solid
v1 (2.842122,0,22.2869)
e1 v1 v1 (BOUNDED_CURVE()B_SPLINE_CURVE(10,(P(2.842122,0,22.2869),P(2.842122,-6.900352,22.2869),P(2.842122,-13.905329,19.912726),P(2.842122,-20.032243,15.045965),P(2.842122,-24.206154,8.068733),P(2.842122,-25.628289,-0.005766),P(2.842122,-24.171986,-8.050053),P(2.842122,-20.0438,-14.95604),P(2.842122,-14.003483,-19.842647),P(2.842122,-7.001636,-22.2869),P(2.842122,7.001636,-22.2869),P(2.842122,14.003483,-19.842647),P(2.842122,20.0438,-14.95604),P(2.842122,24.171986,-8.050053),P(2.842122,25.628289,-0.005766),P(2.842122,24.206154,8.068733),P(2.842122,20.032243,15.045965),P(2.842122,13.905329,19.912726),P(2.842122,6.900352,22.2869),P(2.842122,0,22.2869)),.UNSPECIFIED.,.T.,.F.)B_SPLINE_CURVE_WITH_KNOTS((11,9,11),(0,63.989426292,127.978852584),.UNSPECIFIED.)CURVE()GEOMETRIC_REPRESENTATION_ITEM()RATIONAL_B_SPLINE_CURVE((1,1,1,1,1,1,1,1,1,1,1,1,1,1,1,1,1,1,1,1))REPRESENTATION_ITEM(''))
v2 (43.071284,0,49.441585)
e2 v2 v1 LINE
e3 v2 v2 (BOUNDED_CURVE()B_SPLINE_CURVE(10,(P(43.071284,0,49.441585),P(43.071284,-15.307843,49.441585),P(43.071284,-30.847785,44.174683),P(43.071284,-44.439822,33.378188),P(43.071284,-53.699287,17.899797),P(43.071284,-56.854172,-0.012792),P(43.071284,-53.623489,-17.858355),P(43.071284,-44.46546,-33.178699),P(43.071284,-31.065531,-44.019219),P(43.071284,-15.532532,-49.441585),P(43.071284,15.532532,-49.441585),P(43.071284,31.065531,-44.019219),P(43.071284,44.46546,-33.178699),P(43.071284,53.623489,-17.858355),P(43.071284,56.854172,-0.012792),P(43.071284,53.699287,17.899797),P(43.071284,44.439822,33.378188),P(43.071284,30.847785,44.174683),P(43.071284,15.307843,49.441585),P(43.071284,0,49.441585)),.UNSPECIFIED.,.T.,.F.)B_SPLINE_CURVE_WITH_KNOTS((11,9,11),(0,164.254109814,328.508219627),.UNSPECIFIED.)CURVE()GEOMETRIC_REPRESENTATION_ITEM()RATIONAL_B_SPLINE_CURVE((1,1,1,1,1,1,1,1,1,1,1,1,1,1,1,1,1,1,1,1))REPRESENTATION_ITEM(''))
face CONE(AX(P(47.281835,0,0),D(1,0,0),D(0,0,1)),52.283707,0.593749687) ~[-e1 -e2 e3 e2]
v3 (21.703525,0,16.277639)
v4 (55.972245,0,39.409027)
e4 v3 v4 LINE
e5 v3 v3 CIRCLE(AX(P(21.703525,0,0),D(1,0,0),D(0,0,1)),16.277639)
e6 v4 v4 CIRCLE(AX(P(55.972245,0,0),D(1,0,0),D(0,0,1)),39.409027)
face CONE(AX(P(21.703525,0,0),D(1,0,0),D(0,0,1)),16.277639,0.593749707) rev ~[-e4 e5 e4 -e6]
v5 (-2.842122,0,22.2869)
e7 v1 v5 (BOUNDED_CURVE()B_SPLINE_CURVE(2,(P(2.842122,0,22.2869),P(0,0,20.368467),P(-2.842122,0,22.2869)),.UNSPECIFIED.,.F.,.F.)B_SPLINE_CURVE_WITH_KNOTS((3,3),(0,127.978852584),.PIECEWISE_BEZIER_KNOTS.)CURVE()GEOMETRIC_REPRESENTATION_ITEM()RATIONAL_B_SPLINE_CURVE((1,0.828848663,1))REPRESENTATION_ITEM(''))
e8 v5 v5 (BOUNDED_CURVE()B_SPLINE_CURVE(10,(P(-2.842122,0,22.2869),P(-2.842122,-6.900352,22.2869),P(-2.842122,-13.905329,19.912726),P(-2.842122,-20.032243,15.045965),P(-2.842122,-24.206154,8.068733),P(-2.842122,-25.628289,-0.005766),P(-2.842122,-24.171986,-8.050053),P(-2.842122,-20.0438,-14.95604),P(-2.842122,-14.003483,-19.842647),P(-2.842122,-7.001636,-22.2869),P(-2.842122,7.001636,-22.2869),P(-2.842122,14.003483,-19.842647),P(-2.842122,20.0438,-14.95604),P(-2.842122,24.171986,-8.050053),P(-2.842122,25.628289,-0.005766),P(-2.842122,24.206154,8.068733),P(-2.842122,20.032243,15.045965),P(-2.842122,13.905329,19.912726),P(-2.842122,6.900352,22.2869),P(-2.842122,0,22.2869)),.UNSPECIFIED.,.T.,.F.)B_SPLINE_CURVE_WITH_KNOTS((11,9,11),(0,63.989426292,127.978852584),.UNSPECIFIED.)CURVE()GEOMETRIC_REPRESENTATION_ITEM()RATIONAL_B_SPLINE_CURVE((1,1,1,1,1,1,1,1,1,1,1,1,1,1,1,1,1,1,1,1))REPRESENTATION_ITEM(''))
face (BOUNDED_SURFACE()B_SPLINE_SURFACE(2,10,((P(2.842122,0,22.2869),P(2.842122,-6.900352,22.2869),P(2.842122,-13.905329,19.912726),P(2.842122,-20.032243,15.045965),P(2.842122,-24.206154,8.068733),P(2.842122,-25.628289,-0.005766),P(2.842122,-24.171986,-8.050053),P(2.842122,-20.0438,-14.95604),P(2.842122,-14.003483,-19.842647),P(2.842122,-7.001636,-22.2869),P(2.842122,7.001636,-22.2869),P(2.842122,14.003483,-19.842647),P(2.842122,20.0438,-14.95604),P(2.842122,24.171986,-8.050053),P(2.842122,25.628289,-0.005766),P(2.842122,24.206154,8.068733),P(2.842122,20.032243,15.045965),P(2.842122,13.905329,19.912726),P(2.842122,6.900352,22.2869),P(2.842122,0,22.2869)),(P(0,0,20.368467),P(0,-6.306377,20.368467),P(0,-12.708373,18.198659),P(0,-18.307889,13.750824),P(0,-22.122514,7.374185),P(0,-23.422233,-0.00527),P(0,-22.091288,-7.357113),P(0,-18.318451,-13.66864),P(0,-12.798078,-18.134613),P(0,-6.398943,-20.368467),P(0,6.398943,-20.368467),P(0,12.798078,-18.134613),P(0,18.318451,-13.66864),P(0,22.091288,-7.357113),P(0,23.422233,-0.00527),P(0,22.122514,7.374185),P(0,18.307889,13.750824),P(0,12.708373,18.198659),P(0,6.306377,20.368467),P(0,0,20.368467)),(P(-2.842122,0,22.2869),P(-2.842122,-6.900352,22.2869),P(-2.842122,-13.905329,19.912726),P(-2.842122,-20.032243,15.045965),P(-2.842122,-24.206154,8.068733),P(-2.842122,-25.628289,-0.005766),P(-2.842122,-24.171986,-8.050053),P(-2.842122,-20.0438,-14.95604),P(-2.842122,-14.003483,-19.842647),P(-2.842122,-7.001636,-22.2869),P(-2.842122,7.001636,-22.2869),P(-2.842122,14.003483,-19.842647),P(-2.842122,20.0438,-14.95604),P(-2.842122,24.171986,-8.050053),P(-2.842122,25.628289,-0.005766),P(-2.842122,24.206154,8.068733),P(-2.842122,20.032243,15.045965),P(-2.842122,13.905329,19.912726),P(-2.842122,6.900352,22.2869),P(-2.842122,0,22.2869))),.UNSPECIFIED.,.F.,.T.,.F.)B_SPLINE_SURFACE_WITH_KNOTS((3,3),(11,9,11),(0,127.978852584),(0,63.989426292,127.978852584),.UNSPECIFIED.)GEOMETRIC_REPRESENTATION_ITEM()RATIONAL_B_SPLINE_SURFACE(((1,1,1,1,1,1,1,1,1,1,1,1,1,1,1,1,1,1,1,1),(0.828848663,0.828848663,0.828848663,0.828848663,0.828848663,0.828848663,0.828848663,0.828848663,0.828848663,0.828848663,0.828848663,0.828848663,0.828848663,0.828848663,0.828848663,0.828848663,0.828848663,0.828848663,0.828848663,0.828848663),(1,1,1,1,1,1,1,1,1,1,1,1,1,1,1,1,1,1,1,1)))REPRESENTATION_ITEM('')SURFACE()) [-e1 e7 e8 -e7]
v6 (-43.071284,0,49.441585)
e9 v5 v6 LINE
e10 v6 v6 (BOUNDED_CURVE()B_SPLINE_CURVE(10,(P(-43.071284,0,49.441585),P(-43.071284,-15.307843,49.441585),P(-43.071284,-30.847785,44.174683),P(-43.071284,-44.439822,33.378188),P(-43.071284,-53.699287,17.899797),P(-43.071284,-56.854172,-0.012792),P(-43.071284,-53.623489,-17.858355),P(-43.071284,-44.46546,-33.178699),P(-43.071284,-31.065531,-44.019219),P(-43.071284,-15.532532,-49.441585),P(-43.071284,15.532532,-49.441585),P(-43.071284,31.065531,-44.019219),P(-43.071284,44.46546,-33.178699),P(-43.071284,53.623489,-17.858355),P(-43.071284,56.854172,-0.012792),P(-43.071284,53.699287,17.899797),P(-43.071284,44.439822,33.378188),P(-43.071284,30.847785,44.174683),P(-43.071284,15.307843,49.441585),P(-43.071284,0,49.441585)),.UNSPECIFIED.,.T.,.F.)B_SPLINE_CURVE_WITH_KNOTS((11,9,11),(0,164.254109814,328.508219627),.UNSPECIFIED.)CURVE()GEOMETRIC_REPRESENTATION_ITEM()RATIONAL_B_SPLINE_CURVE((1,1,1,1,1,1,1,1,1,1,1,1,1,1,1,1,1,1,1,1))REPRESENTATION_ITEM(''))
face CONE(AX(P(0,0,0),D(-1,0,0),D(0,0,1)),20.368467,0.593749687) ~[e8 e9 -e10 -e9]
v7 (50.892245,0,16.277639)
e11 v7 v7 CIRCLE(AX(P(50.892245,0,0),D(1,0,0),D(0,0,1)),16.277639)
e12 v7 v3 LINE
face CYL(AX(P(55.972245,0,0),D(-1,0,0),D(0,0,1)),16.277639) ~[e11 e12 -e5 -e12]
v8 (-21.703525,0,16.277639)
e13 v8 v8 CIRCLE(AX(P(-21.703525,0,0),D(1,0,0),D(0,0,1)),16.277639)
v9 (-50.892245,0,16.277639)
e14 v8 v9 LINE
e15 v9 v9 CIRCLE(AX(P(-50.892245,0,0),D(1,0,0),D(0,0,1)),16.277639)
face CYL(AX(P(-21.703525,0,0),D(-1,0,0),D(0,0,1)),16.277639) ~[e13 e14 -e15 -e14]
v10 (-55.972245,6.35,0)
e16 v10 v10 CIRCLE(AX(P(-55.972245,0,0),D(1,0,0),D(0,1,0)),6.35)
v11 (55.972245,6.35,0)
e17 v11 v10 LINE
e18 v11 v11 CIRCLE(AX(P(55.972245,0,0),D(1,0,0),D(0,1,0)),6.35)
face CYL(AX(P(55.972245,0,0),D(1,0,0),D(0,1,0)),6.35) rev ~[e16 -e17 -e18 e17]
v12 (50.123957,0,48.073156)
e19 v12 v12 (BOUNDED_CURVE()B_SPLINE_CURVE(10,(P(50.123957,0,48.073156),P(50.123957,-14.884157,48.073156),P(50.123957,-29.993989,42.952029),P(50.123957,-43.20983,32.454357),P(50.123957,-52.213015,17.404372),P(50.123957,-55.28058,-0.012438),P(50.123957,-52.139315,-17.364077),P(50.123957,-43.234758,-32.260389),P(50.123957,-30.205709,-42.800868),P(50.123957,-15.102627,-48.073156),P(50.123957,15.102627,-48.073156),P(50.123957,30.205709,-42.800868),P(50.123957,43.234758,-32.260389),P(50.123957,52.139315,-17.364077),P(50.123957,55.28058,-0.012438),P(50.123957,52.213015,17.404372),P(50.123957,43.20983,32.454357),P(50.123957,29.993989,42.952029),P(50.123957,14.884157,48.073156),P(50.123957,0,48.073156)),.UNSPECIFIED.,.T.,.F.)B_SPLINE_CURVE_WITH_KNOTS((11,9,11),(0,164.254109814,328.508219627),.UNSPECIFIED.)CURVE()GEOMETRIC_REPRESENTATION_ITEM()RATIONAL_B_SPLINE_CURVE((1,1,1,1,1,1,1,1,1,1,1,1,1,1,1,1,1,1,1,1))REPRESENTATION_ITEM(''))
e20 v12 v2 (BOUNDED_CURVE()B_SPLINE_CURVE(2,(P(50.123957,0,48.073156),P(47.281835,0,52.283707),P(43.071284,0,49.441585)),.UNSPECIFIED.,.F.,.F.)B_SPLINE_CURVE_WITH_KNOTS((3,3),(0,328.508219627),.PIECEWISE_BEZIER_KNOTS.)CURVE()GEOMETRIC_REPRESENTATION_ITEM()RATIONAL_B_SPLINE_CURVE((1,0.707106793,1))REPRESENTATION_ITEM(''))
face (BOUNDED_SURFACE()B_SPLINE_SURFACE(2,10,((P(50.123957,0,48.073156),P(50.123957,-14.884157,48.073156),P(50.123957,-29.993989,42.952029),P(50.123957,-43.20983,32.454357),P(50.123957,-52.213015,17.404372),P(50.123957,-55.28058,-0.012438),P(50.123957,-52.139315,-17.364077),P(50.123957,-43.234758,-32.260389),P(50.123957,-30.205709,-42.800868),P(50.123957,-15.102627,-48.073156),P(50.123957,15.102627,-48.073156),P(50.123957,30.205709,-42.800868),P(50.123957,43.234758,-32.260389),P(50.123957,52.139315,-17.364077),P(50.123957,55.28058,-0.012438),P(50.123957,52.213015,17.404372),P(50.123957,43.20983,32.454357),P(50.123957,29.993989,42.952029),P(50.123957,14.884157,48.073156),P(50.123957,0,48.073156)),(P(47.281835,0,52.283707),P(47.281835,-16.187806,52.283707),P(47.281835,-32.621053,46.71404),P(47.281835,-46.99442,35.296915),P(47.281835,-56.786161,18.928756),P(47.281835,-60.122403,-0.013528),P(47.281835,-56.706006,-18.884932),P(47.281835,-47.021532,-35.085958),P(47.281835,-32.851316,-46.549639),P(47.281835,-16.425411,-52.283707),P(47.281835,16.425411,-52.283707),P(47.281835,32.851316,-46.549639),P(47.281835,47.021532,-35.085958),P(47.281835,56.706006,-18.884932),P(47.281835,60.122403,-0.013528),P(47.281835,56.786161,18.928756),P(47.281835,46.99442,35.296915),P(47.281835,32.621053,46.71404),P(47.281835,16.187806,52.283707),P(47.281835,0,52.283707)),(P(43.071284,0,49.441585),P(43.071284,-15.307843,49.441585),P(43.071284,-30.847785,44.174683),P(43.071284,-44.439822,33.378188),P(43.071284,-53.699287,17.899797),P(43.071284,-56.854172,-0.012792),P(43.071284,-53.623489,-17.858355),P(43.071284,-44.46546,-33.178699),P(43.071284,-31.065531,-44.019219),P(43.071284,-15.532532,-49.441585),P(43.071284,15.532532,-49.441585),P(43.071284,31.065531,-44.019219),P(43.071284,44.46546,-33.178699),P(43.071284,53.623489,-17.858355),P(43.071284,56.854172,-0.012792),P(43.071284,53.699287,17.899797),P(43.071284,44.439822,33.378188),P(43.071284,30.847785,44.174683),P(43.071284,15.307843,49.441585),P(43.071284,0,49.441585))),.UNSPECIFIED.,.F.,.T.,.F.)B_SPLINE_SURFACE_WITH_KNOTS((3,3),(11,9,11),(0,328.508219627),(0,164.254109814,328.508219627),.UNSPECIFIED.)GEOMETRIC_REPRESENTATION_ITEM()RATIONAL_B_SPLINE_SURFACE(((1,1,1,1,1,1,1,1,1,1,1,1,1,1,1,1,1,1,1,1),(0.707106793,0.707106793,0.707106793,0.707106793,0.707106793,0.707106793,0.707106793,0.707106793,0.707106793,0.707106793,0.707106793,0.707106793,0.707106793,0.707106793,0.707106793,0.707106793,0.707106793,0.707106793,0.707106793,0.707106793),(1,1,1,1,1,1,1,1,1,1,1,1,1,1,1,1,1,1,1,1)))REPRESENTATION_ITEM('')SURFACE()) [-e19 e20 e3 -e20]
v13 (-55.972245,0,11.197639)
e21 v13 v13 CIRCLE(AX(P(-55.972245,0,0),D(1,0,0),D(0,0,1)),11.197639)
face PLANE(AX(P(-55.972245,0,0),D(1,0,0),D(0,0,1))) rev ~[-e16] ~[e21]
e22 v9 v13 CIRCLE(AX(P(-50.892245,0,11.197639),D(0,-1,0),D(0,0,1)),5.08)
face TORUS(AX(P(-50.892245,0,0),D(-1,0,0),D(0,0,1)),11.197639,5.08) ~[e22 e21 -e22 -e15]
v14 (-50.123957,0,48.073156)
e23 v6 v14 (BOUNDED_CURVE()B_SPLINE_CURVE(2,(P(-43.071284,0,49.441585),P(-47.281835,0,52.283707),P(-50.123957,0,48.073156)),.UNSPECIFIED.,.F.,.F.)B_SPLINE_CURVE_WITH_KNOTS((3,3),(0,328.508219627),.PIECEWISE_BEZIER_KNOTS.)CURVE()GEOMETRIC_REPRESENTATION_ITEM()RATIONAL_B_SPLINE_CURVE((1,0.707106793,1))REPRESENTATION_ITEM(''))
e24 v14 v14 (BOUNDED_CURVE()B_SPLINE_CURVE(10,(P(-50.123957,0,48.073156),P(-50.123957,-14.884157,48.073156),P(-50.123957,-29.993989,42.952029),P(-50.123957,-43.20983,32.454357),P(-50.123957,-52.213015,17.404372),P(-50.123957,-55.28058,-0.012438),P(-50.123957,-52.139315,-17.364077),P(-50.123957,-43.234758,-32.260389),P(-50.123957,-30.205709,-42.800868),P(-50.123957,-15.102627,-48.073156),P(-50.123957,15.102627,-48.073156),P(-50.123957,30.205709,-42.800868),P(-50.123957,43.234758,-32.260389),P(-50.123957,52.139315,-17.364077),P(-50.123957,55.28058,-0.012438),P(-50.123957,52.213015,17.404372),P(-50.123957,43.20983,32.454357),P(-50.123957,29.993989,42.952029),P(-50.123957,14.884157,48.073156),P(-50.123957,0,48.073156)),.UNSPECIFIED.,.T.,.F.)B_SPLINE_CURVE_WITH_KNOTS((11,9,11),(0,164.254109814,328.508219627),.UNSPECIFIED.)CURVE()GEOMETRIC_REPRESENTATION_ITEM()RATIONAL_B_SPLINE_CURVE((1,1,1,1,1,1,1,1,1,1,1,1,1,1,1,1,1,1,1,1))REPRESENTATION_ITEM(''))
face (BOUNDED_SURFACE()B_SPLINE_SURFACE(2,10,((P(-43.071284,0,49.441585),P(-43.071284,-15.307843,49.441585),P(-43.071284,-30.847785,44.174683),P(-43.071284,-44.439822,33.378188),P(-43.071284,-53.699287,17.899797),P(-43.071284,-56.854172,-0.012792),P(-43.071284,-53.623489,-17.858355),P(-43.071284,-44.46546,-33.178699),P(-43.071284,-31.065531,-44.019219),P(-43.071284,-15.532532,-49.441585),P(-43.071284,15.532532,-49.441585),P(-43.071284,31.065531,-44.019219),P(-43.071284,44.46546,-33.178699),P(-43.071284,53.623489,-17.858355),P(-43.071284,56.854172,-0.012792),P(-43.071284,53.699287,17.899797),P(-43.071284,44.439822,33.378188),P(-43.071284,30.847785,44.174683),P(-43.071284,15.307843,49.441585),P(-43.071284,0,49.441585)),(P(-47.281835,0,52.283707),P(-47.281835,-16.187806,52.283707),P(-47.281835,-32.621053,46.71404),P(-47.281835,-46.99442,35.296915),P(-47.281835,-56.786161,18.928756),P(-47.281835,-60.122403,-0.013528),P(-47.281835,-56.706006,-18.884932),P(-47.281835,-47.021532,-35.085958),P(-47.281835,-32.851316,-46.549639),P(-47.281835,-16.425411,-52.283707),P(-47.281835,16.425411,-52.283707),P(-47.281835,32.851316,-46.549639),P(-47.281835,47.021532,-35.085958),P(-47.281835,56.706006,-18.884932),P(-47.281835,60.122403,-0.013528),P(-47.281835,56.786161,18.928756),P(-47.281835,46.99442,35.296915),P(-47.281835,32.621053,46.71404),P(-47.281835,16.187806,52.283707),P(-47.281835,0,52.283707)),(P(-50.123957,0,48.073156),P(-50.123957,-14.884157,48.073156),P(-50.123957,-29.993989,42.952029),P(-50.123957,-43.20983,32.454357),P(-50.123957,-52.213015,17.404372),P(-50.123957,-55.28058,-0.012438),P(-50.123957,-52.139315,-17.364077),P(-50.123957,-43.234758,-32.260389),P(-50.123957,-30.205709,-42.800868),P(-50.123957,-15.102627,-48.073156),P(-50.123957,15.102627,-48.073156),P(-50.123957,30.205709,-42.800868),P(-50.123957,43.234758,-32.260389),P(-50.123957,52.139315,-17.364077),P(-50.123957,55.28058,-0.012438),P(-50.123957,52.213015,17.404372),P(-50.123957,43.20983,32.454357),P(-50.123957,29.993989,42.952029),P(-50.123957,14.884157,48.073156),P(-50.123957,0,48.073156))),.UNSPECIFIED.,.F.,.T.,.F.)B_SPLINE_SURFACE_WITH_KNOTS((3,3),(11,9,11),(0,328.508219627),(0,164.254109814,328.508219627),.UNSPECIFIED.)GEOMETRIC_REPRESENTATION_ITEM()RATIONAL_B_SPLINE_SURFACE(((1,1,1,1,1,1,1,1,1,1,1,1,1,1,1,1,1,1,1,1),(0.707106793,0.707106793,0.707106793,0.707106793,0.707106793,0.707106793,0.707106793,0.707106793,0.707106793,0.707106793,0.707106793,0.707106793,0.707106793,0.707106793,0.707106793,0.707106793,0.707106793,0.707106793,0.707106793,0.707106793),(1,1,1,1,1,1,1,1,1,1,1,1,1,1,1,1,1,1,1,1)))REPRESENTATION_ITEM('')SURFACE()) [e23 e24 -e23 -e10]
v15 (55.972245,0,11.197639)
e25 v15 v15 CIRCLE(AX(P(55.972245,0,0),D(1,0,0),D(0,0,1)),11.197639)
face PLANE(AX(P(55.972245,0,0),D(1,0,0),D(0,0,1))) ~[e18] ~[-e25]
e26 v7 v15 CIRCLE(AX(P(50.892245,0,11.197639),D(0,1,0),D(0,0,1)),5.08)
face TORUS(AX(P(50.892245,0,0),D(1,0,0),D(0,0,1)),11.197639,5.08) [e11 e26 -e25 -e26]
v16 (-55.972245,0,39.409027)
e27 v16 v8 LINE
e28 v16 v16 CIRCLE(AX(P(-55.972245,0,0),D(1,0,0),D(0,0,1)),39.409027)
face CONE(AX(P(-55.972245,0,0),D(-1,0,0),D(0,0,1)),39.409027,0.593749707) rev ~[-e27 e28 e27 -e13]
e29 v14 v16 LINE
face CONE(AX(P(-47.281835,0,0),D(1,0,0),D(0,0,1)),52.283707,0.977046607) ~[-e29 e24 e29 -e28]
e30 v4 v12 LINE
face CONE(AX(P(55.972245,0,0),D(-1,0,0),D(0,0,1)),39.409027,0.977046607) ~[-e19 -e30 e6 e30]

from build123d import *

# Parameters (mm, degrees)
F2_R     = 5.08
F3_R     = 5.08
F4_R     = 5.08
F5_R     = 5.08
F6_R     = 6.35
F7_DEPTH = 111.945489


with BuildPart() as f1:
    # F0 (on Front) → F1 (revolve)
    with BuildSketch(Plane.XZ):
        Polygon((-55.972245, 0), (0, 0), (55.972245, 0), (55.972245, 16.277639), (21.703525, 16.277639), (55.972245, 39.409027), (47.281835, 52.283707), (0, 20.368467), (-47.281835, 52.283707), (-55.972245, 39.409027), (-21.703525, 16.277639), (-55.972245, 16.277639), align=None)
    revolve(axis=Axis((27.986122, 0, 0), (1, 0, 0)))

    # F2
    f2_edges = [f1.edges().sort_by_distance(p)[0] for p in [
        (-55.972245, 0, -16.277639),
    ]]
    fillet(f2_edges, radius=F2_R)

    # F3
    f3_edges = [f1.edges().sort_by_distance(p)[0] for p in [
        (55.972245, 0, -16.277639),
    ]]
    fillet(f3_edges, radius=F3_R)

    # F4
    f4_edges = [f1.edges().sort_by_distance(p)[0] for p in [
        (-47.281835, 0, -52.283707),
        (47.281835, 0, -52.283707),
    ]]
    fillet(f4_edges, radius=F4_R)

    # F5
    f5_edges = [f1.edges().sort_by_distance(p)[0] for p in [
        (0, 0, -20.368467),
    ]]
    fillet(f5_edges, radius=F5_R)

    # F6 (on face) → F7 (cut, through all)
    with BuildSketch(Plane.YZ.offset(55.972245)):
        Circle(F6_R)
    extrude(amount=-F7_DEPTH, mode=Mode.SUBTRACT)


solid = f1.part
